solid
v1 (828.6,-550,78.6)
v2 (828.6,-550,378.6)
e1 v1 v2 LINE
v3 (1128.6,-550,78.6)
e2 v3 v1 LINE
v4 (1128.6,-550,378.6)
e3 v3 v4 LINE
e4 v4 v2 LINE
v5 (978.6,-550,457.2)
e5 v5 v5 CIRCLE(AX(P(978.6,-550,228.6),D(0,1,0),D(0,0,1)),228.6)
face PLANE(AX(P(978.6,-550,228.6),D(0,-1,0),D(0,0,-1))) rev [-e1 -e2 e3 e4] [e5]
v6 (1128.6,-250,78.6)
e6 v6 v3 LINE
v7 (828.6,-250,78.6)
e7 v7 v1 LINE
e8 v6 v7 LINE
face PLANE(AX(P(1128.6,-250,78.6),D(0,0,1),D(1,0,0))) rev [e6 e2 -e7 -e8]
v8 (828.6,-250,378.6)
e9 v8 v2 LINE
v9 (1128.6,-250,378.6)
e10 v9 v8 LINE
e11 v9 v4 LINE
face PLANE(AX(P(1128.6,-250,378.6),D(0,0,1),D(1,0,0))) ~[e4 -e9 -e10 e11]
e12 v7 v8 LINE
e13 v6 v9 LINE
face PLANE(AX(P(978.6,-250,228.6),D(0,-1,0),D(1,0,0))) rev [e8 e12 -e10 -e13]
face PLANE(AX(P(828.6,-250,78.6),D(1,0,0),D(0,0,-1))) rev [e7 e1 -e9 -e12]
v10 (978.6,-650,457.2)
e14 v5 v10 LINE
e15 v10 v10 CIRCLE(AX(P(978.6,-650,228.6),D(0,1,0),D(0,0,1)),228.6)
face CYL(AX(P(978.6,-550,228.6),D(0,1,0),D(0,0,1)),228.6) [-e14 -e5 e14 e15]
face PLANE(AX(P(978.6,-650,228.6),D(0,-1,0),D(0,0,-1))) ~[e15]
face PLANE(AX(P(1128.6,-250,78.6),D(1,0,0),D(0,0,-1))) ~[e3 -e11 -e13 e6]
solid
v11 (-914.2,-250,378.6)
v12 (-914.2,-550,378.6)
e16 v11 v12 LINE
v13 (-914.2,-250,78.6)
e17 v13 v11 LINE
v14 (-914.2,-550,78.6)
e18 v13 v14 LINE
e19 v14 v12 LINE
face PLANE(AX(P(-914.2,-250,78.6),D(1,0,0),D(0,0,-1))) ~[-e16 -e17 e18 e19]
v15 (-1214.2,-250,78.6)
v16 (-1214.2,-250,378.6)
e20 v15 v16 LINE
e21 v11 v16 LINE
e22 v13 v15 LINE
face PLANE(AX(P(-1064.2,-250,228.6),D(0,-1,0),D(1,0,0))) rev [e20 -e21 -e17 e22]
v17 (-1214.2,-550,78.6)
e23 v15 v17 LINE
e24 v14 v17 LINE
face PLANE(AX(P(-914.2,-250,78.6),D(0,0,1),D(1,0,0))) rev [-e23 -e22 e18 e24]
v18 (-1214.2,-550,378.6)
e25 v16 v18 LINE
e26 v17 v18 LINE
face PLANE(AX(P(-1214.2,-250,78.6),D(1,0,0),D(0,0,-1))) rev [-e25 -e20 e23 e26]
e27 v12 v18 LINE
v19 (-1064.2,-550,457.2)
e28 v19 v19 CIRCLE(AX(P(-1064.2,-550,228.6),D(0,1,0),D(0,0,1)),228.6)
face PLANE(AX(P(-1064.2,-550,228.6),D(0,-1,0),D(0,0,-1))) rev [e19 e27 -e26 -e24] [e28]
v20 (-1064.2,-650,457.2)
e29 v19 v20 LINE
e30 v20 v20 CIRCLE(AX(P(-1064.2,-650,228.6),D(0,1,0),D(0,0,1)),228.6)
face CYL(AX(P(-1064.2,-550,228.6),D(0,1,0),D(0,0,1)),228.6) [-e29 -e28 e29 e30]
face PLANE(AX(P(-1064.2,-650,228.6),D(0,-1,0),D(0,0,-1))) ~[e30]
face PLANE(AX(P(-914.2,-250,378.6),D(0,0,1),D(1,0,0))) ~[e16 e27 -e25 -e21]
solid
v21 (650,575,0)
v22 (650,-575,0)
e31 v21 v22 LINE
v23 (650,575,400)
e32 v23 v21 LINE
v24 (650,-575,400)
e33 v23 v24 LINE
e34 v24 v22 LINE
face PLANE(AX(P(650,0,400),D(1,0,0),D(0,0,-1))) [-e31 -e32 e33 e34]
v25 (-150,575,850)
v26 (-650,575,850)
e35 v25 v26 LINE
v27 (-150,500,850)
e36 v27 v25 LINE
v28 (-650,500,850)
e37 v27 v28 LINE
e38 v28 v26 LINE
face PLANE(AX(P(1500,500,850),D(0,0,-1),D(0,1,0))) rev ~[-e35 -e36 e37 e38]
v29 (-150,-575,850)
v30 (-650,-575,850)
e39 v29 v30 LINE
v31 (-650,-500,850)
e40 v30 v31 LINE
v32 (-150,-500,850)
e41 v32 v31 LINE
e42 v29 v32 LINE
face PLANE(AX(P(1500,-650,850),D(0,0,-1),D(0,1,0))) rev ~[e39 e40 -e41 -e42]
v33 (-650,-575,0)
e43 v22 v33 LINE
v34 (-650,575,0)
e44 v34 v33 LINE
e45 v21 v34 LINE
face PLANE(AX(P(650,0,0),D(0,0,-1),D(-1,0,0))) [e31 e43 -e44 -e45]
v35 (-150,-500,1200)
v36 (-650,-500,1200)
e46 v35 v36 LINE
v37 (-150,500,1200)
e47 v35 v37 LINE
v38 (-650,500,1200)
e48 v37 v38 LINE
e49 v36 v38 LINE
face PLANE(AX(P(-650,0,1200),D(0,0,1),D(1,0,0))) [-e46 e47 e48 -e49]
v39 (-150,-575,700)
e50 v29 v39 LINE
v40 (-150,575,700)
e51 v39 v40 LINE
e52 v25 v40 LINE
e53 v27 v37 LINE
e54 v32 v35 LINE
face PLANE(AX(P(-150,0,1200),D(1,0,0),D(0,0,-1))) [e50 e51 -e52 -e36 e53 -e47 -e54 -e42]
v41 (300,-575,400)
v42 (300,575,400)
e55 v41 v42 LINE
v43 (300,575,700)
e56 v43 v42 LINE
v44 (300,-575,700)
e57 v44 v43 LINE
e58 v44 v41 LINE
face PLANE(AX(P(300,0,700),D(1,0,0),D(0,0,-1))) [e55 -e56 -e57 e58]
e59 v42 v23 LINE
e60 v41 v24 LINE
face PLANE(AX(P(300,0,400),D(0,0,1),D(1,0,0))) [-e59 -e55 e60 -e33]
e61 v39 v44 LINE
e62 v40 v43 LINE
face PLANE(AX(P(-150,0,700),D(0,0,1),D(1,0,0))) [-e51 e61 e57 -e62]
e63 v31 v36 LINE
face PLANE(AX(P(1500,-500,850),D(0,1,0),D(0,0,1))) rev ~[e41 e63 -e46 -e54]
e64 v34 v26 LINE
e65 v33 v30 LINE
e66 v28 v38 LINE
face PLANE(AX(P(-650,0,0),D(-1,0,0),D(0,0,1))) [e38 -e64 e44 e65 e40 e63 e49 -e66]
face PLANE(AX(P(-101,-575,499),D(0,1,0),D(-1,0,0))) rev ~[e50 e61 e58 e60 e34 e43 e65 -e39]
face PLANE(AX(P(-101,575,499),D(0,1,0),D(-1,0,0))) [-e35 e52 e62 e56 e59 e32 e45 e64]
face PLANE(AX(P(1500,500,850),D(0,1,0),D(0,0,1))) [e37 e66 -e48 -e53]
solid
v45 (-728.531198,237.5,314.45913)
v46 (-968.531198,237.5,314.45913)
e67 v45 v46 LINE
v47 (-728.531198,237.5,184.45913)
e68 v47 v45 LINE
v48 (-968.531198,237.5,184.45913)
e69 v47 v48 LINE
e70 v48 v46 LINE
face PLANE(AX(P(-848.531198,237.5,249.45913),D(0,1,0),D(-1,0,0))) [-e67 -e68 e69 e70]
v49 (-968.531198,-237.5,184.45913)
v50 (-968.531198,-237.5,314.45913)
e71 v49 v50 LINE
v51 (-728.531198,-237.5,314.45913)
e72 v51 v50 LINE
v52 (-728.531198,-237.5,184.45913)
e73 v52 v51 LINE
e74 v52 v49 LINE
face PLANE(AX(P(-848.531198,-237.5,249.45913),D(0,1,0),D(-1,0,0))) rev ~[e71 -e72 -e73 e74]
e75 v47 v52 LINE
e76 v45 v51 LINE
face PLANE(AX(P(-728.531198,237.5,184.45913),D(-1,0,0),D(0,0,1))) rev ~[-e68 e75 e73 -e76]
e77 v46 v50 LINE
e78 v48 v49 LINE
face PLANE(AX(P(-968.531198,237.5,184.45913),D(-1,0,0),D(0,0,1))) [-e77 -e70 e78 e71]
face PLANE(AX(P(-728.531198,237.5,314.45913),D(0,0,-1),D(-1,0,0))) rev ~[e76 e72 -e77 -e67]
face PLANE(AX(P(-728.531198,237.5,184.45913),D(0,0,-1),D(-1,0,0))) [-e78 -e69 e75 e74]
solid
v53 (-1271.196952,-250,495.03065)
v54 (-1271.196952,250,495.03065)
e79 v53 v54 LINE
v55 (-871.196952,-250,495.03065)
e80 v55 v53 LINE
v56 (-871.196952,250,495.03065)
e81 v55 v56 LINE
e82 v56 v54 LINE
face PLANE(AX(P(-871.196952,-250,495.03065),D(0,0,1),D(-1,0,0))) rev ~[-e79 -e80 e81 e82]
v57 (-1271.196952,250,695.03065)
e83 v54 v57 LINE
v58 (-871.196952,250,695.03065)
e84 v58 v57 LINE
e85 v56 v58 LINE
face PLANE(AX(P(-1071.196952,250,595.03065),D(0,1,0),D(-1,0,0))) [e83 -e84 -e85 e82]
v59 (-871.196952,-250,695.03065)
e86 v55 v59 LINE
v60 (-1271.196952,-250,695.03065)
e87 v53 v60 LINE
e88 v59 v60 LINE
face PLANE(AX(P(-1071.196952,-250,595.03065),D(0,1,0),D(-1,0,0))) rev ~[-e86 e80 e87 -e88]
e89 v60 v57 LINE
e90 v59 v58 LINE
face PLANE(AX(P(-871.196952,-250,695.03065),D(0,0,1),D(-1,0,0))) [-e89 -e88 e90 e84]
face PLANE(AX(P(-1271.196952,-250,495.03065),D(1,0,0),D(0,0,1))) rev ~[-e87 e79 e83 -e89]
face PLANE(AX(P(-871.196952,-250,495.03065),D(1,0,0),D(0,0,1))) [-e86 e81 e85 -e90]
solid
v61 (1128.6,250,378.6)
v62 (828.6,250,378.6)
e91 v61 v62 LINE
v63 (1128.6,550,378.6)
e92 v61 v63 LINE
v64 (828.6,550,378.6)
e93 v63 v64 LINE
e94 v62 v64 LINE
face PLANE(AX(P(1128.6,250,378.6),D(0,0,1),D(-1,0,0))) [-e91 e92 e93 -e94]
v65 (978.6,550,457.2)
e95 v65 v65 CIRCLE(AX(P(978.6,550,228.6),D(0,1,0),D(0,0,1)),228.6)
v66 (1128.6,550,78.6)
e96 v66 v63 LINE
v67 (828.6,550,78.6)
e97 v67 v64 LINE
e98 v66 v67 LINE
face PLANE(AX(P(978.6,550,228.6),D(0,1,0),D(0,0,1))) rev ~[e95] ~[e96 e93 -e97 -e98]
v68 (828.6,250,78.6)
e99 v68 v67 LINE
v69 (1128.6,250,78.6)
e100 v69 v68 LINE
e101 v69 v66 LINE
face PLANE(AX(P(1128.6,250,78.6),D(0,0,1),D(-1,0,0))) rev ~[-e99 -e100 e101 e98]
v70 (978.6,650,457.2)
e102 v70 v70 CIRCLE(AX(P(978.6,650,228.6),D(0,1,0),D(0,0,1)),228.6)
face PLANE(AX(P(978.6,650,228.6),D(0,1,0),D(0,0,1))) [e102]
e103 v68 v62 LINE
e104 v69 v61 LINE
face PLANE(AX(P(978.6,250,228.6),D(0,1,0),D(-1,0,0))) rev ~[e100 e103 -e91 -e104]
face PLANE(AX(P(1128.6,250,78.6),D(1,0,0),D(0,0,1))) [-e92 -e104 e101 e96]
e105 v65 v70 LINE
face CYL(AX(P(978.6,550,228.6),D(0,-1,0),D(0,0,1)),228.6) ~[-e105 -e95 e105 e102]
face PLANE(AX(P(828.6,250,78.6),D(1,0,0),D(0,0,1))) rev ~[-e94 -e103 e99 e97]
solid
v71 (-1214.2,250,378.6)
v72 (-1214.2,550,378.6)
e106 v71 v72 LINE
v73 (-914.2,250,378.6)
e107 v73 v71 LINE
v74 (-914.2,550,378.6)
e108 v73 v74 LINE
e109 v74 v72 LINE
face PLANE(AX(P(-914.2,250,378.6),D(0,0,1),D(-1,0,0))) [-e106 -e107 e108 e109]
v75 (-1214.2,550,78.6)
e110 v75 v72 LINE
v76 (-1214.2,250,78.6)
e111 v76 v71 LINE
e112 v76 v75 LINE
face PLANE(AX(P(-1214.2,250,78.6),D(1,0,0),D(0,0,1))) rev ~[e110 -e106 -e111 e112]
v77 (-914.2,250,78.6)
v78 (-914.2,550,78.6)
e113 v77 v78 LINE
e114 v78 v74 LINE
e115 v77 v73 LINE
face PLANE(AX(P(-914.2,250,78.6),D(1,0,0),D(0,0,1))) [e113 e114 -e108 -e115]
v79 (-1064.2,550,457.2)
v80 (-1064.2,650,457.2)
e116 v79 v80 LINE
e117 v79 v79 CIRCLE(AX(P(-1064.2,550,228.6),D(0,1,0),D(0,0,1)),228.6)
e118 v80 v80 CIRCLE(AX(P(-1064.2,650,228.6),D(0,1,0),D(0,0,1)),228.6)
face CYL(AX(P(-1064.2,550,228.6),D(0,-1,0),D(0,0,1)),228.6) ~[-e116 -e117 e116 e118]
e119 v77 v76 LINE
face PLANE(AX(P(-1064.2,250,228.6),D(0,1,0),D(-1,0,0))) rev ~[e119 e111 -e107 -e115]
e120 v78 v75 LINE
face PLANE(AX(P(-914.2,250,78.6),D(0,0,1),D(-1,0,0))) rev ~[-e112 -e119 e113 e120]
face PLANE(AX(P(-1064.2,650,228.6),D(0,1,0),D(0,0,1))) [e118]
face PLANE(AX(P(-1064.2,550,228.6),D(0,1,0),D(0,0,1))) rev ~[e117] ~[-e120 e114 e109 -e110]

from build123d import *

# Parameters (mm, degrees)
BOSS_EXTRUDE1_START = 550
SKETCH1_R           = 228.6
BOSS_EXTRUDE1_DEPTH = 100
BOSS_EXTRUDE2_START = 237.5
SKETCH1_3_W         = 240
SKETCH1_3_H         = 130
BOSS_EXTRUDE2_DEPTH = 475
BOSS_EXTRUDE3_START = 250
SKETCH1_4_W         = 300
SKETCH1_4_H         = 300
BOSS_EXTRUDE3_DEPTH = 300
BOSS_EXTRUDE4_DEPTH = 575
SKETCH3_W           = 150
SKETCH3_H           = 350
CUT_EXTRUDE1_DEPTH  = 2150
BOSS_EXTRUDE5_START = 250
SKETCH1_6_W         = 300
SKETCH1_6_H         = 300
BOSS_EXTRUDE5_DEPTH = 300
BOSS_EXTRUDE6_START = 550
SKETCH1_7_R         = 228.6
BOSS_EXTRUDE6_DEPTH = 100
BOSS_EXTRUDE7_START = -250
SKETCH1_8_W         = 400
SKETCH1_8_H         = 200
BOSS_EXTRUDE7_DEPTH = 500


with BuildPart() as part:
    # Sketch1 → Boss-Extrude1 (new body)
    with BuildSketch(Plane(origin=(0, 0, 0), x_dir=(-1, 0, 0), z_dir=(0, 1, 0)).offset(BOSS_EXTRUDE1_START)):
        with Locations(Location((-978.6, 228.6, 0), (0, 0, 90))):
            Circle(SKETCH1_R)
    extrude(amount=BOSS_EXTRUDE1_DEPTH)

    # Sketch1<4> → Boss-Extrude3 (add)
    with BuildSketch(Plane(origin=(0, 0, 0), x_dir=(-1, 0, 0), z_dir=(0, 1, 0)).offset(BOSS_EXTRUDE3_START)):
        with Locations((-978.6, 228.6)):
            Rectangle(SKETCH1_4_W, SKETCH1_4_H)
    extrude(amount=BOSS_EXTRUDE3_DEPTH)


with BuildPart() as body_2:
    # Sketch1<3> → Boss-Extrude2 (new body)
    with BuildSketch(Plane(origin=(0, 0, 0), x_dir=(-1, 0, 0), z_dir=(0, 1, 0)).offset(BOSS_EXTRUDE2_START)):
        with Locations((848.531198444, 249.459130285)):
            Rectangle(SKETCH1_3_W, SKETCH1_3_H)
    extrude(amount=-BOSS_EXTRUDE2_DEPTH)


with BuildPart() as body_3:
    # Sketch1<5> → Boss-Extrude4 (new, symmetric)
    with BuildSketch(Plane(origin=(0, 0, 0), x_dir=(-1, 0, 0), z_dir=(0, 1, 0))):
        Polygon((650, 0), (650, 1200), (150, 1200), (150, 700), (-300, 700), (-300, 400), (-650, 400), (-650, 0), align=None)
    extrude(amount=BOSS_EXTRUDE4_DEPTH, both=True)

    # Sketch3 → Cut-Extrude1 (cut)
    with BuildSketch(Plane.YZ.offset(1500)):
        with Locations((-575, 1025)):
            Rectangle(SKETCH3_W, SKETCH3_H)
        with Locations((575, 1025)):
            Rectangle(SKETCH3_W, SKETCH3_H)
    extrude(amount=-CUT_EXTRUDE1_DEPTH, mode=Mode.SUBTRACT)


with BuildPart() as body_4:
    # Sketch1<6> → Boss-Extrude5 (new body)
    with BuildSketch(Plane(origin=(0, 0, 0), x_dir=(-1, 0, 0), z_dir=(0, 1, 0)).offset(BOSS_EXTRUDE5_START)):
        with Locations((1064.2, 228.6)):
            Rectangle(SKETCH1_6_W, SKETCH1_6_H)
    extrude(amount=BOSS_EXTRUDE5_DEPTH)

    # Sketch1<7> → Boss-Extrude6 (add)
    with BuildSketch(Plane(origin=(0, 0, 0), x_dir=(-1, 0, 0), z_dir=(0, 1, 0)).offset(BOSS_EXTRUDE6_START)):
        with Locations(Location((1064.2, 228.6, 0), (0, 0, 90))):
            Circle(SKETCH1_7_R)
    extrude(amount=BOSS_EXTRUDE6_DEPTH)


with BuildPart() as body_5:
    # Sketch1<8> → Boss-Extrude7 (new body)
    with BuildSketch(Plane(origin=(0, 0, 0), x_dir=(-1, 0, 0), z_dir=(0, 1, 0)).offset(BOSS_EXTRUDE7_START)):
        with Locations((1071.196951814, 595.030649521)):
            Rectangle(SKETCH1_8_W, SKETCH1_8_H)
    extrude(amount=BOSS_EXTRUDE7_DEPTH)


with BuildPart() as body_6:
    # Mirror1: mirrored copy
    add(part.part.mirror(Plane.ZX))


with BuildPart() as body_7:
    # Mirror1 2: mirrored copy
    add(body_4.part.mirror(Plane.ZX))


solid = Compound([part.part, body_2.part, body_3.part, body_4.part, body_5.part, body_6.part, body_7.part])
